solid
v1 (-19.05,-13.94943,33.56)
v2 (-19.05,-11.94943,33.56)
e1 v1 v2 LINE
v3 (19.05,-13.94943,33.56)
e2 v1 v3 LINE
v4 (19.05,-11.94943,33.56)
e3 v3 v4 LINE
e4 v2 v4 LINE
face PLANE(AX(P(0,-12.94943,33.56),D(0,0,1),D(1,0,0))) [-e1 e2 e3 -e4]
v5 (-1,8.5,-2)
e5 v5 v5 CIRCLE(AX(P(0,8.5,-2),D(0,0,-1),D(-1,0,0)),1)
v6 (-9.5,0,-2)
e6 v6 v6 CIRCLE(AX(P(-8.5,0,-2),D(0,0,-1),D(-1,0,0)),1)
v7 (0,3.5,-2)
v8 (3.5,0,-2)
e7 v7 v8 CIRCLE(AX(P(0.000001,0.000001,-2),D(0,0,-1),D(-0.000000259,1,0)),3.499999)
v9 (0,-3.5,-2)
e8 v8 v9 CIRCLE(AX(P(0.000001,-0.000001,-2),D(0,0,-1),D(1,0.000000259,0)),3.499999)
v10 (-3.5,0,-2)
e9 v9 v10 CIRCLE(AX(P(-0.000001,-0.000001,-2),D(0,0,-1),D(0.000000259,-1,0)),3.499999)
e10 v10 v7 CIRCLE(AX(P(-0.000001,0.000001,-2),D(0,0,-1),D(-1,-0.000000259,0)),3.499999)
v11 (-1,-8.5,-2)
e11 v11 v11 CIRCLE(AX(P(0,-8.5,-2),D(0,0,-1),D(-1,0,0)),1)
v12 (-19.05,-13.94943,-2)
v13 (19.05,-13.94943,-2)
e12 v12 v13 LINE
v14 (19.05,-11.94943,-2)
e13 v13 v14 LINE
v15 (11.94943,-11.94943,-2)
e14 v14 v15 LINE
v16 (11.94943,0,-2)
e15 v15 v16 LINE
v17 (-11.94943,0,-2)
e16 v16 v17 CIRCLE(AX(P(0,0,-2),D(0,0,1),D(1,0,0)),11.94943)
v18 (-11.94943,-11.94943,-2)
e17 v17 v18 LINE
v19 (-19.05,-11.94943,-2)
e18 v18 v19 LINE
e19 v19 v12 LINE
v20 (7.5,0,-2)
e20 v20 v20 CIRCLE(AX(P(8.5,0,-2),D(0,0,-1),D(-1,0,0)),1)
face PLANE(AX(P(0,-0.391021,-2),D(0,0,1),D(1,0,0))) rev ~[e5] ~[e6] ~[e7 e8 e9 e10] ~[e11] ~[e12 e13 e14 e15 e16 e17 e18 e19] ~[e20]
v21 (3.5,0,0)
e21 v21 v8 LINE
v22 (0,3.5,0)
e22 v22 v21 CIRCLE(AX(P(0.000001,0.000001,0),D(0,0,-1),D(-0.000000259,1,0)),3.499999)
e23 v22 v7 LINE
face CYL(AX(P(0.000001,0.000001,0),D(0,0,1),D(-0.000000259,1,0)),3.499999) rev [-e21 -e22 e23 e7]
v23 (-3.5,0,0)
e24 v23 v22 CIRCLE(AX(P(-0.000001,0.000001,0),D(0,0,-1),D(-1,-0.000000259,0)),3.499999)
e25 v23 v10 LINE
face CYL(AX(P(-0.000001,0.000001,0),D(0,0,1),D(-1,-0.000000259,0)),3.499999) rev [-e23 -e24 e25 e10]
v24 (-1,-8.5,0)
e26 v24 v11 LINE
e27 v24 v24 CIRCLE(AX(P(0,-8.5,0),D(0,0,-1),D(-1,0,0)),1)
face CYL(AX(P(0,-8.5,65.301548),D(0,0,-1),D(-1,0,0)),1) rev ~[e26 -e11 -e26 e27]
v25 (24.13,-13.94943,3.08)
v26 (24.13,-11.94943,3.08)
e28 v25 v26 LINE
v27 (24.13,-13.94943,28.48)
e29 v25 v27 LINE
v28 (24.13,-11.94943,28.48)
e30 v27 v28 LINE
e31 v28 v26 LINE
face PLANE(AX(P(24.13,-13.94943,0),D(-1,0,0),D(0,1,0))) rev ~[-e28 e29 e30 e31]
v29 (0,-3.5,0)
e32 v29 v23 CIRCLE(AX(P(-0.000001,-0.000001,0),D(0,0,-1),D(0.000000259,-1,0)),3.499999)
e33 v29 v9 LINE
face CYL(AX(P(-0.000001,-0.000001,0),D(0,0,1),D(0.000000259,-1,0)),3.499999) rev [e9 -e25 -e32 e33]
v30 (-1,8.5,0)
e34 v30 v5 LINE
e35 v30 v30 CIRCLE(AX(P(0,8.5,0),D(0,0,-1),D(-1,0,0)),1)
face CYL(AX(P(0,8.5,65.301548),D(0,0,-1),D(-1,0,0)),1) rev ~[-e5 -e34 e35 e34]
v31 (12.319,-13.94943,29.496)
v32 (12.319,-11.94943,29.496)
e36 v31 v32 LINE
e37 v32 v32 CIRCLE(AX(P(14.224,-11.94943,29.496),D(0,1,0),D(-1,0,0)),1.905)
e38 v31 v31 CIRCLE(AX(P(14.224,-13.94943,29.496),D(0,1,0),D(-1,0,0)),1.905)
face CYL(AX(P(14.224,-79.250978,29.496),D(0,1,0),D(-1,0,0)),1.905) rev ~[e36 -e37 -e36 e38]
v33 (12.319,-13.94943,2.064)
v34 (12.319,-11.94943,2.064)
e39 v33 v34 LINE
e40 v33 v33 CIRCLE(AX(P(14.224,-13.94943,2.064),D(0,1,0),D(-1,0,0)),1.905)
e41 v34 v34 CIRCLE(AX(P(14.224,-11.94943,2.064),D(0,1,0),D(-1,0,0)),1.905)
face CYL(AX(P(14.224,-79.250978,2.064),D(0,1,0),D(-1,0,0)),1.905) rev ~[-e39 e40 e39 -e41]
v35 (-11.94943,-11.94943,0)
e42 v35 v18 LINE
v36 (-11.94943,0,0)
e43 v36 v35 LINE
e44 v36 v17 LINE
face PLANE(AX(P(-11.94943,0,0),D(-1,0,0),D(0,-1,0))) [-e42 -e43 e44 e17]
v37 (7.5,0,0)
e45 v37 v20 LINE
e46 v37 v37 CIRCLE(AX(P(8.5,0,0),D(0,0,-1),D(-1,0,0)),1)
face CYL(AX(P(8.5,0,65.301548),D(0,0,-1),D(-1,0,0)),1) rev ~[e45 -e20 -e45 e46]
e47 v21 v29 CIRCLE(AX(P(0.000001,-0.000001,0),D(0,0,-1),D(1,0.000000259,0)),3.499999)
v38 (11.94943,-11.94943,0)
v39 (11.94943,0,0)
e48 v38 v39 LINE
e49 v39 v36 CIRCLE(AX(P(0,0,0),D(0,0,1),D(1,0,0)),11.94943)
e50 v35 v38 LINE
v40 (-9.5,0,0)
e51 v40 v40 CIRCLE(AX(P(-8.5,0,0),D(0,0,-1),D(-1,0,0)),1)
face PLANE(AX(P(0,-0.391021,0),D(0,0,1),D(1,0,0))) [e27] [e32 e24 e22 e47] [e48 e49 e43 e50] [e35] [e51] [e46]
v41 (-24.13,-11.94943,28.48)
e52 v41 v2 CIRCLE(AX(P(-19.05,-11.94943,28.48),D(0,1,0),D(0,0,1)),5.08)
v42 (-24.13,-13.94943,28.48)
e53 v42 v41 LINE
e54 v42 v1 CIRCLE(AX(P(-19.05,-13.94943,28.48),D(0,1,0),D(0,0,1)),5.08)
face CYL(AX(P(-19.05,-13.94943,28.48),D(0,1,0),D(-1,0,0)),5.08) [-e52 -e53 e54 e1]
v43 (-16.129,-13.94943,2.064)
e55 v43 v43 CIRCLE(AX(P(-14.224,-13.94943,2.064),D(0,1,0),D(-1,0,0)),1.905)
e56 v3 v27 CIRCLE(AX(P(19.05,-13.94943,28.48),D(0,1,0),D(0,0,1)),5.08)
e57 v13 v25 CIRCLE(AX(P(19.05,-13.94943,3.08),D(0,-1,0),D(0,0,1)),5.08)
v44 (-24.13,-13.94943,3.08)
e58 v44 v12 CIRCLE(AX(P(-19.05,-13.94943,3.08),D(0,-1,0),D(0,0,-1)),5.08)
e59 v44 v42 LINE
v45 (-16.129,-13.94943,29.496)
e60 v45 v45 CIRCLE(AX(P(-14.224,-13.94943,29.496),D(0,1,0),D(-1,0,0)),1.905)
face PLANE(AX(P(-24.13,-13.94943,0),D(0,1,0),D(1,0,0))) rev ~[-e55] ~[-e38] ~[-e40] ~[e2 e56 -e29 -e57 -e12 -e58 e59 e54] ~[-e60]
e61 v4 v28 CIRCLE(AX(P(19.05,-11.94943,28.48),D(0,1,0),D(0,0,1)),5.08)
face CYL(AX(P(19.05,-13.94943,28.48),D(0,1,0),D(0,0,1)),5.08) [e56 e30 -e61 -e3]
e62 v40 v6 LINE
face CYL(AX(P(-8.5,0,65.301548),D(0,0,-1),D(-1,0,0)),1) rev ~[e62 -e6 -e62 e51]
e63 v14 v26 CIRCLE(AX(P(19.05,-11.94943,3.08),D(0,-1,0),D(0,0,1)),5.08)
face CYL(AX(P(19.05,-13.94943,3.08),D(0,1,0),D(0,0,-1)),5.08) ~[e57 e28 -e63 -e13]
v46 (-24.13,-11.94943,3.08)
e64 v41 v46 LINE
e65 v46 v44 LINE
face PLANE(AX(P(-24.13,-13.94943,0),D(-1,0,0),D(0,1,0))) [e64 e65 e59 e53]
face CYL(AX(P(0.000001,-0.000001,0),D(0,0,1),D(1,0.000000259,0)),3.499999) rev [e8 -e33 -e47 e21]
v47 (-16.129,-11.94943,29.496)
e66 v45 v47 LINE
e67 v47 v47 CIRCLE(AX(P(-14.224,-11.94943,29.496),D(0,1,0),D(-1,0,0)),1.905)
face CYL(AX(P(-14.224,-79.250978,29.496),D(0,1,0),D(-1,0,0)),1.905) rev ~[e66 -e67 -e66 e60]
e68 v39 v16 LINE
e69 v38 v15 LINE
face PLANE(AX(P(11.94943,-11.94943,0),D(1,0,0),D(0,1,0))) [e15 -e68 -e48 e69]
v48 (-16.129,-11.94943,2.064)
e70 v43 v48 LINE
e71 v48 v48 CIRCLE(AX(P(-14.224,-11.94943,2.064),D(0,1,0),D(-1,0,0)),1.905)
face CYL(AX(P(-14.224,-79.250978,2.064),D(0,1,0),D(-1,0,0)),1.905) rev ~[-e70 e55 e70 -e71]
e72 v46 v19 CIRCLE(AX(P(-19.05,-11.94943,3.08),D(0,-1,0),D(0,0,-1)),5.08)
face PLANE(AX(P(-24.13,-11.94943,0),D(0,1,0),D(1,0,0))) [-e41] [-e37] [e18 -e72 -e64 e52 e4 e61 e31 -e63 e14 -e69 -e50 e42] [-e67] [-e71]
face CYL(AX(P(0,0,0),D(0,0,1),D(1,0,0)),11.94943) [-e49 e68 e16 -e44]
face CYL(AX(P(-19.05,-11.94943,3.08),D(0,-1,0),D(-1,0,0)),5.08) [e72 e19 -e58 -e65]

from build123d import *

# Parameters (mm, degrees)
F1_DEPTH = 2
F2_W     = 48.26
F2_H     = 2
F3_DEPTH = 33.56
F5_D     = 3.81
F6_R     = 5.08
F7_D     = 2


with BuildPart() as f1:
    # F0 (on Top) → F1 (new body)
    with BuildSketch(Plane.XY):
        with BuildLine():
            ThreePointArc((0, -11.94943), (8.449523, -8.449523), (11.94943, 0))
            ThreePointArc((11.94943, 0), (0, 11.94943), (-11.94943, 0))
            ThreePointArc((-11.94943, 0), (-8.449523, -8.449523), (0, -11.94943))
        make_face()
        with BuildLine():
            ThreePointArc((0, 3.5), (2.474874, 2.474874), (3.5, 0))
            ThreePointArc((3.5, 0), (2.474874, -2.474874), (0, -3.5))
            ThreePointArc((0, -3.5), (-2.474874, -2.474874), (-3.5, 0))
            ThreePointArc((-3.5, 0), (-2.474874, 2.474874), (0, 3.5))
        make_face(mode=Mode.SUBTRACT)
        with BuildLine():
            Line((11.94943, -11.94943), (11.94943, 0))
            ThreePointArc((11.94943, 0), (8.449523, -8.449523), (0, -11.94943))
            Line((0, -11.94943), (11.94943, -11.94943))
        make_face()
        with BuildLine():
            ThreePointArc((0, -11.94943), (-8.449523, -8.449523), (-11.94943, 0))
            Line((-11.94943, 0), (-11.94943, -11.94943))
            Line((-11.94943, -11.94943), (0, -11.94943))
        make_face()
        Polygon((11.94943, -11.94943), (0, -11.94943), (-11.94943, -11.94943), (-24.13, -11.94943), (-24.13, -13.94943), (24.13, -13.94943), (24.13, -11.94943), align=None)
    extrude(amount=-F1_DEPTH)

    # F2 (on face) → F3 (join)
    with BuildSketch(Plane.XY):
        with Locations((0, -12.94943)):
            Rectangle(F2_W, F2_H)
    extrude(amount=F3_DEPTH)

    # F5 (through all)
    with Locations(Plane.XZ.offset(13.94943)):
        with Locations((-14.224, 29.496), (14.224, 29.496), (14.224, 2.064), (-14.224, 2.064)):
            Hole(F5_D / 2)

    # F6
    f6_edges = [f1.edges().sort_by_distance(p)[0] for p in [
        (24.13, -12.94943, 33.56),
        (-24.13, -12.94943, 33.56),
        (-24.13, -12.94943, -2),
        (24.13, -12.94943, -2),
    ]]
    fillet(f6_edges, radius=F6_R)

    # F7 (through all)
    with Locations(Plane.XY):
        with Locations((0, -8.5), (8.5, 0), (-8.5, 0), (0, 8.5)):
            Hole(F7_D / 2)


solid = f1.part
